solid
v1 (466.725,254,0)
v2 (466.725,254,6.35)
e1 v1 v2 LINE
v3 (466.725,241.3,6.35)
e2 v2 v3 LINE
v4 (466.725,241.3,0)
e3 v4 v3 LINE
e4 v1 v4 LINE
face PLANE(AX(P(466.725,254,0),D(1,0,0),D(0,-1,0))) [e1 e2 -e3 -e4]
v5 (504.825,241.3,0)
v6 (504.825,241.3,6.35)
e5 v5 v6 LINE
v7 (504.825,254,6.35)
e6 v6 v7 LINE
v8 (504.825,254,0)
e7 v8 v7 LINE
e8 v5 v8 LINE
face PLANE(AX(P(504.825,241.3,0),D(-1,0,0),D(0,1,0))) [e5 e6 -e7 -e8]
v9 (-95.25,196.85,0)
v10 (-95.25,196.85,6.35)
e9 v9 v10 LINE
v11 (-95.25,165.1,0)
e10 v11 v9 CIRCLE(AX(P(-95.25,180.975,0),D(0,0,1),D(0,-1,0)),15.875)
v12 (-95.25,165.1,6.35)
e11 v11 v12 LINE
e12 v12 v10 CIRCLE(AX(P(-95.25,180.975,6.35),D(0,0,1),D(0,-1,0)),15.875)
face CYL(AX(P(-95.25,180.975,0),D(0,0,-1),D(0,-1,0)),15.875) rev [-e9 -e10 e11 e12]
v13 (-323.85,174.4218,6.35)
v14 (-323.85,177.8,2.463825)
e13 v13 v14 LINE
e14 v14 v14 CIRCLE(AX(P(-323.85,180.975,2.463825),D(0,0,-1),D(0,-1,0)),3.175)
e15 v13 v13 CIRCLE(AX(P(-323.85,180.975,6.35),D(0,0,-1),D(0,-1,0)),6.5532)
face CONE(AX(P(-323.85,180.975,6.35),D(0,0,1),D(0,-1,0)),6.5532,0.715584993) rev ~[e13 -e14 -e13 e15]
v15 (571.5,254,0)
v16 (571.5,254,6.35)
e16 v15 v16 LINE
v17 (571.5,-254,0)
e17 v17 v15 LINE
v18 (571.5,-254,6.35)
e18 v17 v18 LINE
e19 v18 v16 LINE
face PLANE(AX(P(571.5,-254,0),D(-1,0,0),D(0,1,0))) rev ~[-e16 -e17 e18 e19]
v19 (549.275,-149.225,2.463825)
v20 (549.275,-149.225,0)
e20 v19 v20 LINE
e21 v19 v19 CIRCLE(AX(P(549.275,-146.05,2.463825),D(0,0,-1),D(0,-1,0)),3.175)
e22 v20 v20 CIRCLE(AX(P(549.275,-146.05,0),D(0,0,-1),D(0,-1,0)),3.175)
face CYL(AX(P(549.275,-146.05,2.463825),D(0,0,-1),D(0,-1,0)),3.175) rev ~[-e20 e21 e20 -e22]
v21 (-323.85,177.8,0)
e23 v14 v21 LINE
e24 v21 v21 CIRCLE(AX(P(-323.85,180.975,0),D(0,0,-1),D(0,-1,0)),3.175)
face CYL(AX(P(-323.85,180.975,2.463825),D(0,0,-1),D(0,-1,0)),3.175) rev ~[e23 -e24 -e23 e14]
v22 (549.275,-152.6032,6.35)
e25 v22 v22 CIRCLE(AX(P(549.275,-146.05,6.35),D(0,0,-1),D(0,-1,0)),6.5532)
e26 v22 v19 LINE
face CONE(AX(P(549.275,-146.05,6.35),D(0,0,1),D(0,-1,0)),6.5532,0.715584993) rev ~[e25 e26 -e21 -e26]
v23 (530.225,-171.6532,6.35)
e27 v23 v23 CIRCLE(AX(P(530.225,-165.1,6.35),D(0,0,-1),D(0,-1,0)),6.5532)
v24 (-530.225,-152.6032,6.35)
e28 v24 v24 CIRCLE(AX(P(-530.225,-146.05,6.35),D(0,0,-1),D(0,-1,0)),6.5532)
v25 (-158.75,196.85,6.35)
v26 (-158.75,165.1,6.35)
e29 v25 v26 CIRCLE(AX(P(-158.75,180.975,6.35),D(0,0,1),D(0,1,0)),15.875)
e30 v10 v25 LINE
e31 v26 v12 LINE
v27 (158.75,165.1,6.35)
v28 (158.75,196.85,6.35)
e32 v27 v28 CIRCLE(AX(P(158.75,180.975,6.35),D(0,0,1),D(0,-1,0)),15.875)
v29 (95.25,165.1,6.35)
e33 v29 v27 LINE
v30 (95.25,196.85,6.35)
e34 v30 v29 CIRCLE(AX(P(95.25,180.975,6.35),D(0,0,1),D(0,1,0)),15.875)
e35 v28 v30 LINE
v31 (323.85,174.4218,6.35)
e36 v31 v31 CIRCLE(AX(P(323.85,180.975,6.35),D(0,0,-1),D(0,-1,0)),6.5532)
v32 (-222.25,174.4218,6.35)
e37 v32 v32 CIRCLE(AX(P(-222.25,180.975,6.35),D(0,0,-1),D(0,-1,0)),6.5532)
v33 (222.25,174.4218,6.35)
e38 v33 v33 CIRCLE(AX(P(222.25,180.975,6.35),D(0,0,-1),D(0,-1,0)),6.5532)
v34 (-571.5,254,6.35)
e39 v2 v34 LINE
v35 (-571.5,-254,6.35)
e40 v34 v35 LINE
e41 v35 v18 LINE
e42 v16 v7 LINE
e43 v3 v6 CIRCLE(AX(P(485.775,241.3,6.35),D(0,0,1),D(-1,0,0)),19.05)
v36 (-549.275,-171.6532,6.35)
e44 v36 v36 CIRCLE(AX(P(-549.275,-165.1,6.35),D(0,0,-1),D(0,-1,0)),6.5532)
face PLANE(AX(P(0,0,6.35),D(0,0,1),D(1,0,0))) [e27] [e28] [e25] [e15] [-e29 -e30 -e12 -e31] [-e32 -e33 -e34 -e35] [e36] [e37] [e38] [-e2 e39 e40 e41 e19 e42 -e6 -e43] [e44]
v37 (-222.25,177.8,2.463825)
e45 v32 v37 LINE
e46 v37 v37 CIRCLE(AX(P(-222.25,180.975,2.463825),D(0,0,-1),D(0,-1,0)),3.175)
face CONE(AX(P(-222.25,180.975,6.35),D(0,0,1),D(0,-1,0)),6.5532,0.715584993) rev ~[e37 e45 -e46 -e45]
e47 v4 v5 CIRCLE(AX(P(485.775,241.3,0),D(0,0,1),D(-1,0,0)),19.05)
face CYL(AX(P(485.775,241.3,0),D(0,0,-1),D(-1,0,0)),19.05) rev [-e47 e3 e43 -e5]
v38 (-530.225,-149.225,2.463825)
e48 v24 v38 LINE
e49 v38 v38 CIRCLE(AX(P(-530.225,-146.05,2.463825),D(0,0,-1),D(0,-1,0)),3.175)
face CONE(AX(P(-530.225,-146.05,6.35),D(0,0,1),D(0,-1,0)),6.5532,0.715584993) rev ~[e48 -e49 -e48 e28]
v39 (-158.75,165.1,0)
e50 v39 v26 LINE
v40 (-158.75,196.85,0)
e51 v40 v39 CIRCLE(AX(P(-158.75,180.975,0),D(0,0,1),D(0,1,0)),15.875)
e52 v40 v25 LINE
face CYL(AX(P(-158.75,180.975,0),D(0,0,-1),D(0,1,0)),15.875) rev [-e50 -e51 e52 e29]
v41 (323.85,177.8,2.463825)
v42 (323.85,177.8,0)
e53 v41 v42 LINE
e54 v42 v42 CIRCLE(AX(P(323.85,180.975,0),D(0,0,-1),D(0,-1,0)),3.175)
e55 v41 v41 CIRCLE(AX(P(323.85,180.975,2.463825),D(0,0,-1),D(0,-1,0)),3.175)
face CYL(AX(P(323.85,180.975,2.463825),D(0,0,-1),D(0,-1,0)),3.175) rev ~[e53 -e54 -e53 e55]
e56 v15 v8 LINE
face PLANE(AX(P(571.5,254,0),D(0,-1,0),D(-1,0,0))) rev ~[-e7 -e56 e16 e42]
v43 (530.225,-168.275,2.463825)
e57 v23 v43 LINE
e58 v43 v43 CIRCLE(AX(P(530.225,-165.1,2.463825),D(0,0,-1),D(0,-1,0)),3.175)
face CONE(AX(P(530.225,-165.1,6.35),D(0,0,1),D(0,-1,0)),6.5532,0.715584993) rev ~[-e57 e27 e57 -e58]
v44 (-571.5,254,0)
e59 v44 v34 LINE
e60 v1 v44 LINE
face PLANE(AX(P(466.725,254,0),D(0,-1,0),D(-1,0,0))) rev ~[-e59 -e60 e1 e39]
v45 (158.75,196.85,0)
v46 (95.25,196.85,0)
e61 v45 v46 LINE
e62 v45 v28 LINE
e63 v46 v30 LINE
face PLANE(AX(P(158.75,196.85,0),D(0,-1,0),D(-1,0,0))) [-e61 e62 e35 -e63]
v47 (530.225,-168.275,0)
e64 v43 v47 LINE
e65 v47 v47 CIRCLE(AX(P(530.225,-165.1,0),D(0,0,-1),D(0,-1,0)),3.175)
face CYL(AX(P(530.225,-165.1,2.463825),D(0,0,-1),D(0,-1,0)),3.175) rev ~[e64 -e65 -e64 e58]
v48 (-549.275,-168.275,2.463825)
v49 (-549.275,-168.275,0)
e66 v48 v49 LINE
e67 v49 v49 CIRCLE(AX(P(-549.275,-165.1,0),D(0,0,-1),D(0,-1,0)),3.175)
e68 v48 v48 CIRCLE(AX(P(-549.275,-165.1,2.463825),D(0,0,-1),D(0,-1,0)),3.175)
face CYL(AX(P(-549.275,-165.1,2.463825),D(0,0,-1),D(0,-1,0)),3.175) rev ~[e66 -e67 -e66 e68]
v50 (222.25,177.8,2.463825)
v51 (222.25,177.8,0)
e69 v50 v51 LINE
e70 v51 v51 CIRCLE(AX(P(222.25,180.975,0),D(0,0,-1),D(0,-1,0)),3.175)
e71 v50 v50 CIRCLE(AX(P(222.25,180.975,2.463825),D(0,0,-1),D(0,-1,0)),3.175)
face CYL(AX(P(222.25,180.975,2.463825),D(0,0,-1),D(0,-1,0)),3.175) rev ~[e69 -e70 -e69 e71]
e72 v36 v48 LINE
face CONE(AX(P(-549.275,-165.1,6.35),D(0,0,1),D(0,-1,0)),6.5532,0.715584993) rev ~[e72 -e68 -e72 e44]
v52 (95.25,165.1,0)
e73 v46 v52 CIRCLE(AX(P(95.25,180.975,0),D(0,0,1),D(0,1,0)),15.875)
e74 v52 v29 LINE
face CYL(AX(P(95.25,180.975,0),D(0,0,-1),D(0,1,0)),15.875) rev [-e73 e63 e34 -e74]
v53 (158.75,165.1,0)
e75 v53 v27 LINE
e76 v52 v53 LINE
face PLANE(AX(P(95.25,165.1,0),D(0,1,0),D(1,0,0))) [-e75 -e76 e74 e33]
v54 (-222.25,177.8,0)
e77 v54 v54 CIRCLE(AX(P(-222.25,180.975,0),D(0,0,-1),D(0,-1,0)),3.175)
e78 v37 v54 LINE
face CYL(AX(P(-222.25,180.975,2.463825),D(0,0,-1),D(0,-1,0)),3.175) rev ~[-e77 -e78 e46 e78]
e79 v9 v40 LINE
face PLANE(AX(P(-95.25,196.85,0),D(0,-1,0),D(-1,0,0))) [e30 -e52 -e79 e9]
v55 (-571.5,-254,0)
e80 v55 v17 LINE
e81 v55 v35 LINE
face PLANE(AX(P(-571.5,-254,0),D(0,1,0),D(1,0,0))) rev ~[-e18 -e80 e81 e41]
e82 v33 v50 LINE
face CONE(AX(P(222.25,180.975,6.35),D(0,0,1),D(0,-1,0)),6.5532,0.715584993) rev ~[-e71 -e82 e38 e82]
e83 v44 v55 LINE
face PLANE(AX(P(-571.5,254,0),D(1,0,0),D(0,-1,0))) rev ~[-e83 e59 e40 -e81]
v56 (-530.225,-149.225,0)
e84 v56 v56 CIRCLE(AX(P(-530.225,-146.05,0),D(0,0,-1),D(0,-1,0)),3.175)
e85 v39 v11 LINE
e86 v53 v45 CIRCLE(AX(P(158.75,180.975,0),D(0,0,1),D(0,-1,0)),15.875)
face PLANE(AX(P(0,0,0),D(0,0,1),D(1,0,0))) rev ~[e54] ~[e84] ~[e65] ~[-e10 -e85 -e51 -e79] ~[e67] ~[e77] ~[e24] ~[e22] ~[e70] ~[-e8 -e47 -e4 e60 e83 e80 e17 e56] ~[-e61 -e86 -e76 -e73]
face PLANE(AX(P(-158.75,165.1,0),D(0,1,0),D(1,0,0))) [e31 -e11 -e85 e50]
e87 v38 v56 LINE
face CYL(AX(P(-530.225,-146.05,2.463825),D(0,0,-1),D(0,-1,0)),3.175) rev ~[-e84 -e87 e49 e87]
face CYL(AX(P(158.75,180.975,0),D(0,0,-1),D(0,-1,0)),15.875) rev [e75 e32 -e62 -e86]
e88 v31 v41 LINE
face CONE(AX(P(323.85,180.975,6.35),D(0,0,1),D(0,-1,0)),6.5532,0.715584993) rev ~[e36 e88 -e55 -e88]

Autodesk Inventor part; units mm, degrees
ref_plane "YZ Plane" through (0, 0, 0) normal (1, 0, 0) x (0, 1, 0)
ref_plane "XZ Plane" through (0, 0, 0) normal (0, 1, 0) x (-1, 0, 0)
ref_plane "XY Plane" through (0, 0, 0) normal (0, 0, 1) x (1, 0, 0)
sketch "Sketch1" plane through (0, 0, 0) normal (0, 0, 1) x (1, 0, 0)
  line L0 (-571.5, -254) -> (571.5, -254)
  line L1 (571.5, -254) -> (571.5, 254)
  line L2 (571.5, 254) -> (-571.5, 254)
  line L3 (-571.5, 254) -> (-571.5, -254)
  line L4 (-571.5, -254) -> (571.5, 254) construction
  line L5 (571.5, -254) -> (-571.5, 254) construction
  line L6 (-158.75, 180.975) -> (-95.25, 180.975) construction
  line L7 (-158.75, 165.1) -> (-95.25, 165.1)
  line L8 (-95.25, 196.85) -> (-158.75, 196.85)
  arc A0 (-158.75, 196.85) -> (-158.75, 165.1) centre (-158.75, 180.975) ccw
  arc A1 (-95.25, 165.1) -> (-95.25, 196.85) centre (-95.25, 180.975) ccw
  line L9 (95.25, 180.975) -> (158.75, 180.975) construction
  line L10 (95.25, 165.1) -> (158.75, 165.1)
  line L11 (158.75, 196.85) -> (95.25, 196.85)
  arc A2 (95.25, 196.85) -> (95.25, 165.1) centre (95.25, 180.975) ccw
  arc A3 (158.75, 165.1) -> (158.75, 196.85) centre (158.75, 180.975) ccw
  line L12 (485.775, 266.7) -> (485.775, 241.3) construction
  line L13 (466.725, 266.7) -> (466.725, 241.3)
  line L14 (504.825, 241.3) -> (504.825, 266.7)
  arc A4 (504.825, 266.7) -> (466.725, 266.7) centre (485.775, 266.7) ccw construction
  arc A5 (466.725, 241.3) -> (504.825, 241.3) centre (485.775, 241.3) ccw
  point P0 (0, 0)
  point P1 (-127, 180.975)
  point P2 (127, 180.975)
  point P3 (485.775, 254)
  point P4 (504.825, 254)
  point P5 (466.725, 254)
  dimension "d0" = 1143
  dimension "d1" = 508
  dimension "d2" = 15.875
  dimension "d3" = 63.5
  dimension "d4" = 190.5
  dimension "d5" = 95.25
  dimension "d6" = 57.15
  dimension "d7" = 38.1
  dimension "d8" = 12.7
  dimension "d9" = 66.675
extrude "Extrusion1" add sketch "Sketch1" along normal blind 6.35 contours L3 L2 L13 A5 L14 L1 L0
sketch "Sketch2" plane through (0, 0, 6.35) normal (0, 0, 1) x (1, 0, 0)
  arc A0 (-158.75, 196.85) -> (-158.75, 165.1) centre (-158.75, 180.975) ccw construction
  arc A1 (158.75, 165.1) -> (158.75, 196.85) centre (158.75, 180.975) ccw construction
  line L0 (-571.5, 254) -> (-571.5, -254) construction
  line L1 (-571.5, -254) -> (571.5, -254) construction
  line L2 (571.5, -254) -> (571.5, 254) construction
  point P0 (0, 0)
  point P1 (-323.85, 180.975)
  point P2 (-222.25, 180.975)
  point P3 (222.25, 180.975)
  point P4 (323.85, 180.975)
  point P5 (-549.275, -165.1)
  point P6 (-530.225, -146.05)
  point P7 (530.225, -165.1)
  point P8 (549.275, -146.05)
  dimension "d12" = 101.6
  dimension "d13" = 63.5
  dimension "d14" = 101.6
  dimension "d15" = 63.5
  dimension "d17" = 19.05
  dimension "d18" = 19.05
  dimension "d20" = 88.9
  dimension "d22" = 22.225
  dimension "d30" = 19.05
  dimension "d31" = 22.225
hole "Hole1" at (-323.85, 180.975, 6.35) at (-222.25, 180.975, 6.35) at (222.25, 180.975, 6.35) at (323.85, 180.975, 6.35) at (-549.275, -165.1, 6.35) at (-530.225, -146.05, 6.35) at (530.225, -165.1, 6.35) at (549.275, -146.05, 6.35) direction (0, 0, -1) diameter 6.35 end through all countersink diameter 13.1064 countersink angle 82
equation "\"d5\" = 0.5 * d4"
equation "\"d14\" = d12"
equation "\"d15\" = d13"
equation "\"d18\" = d16"
equation "\"d16\" = 19.05"
properties part number "FE-120-009 Door Panel" material "Polycarbonate, Clear"
